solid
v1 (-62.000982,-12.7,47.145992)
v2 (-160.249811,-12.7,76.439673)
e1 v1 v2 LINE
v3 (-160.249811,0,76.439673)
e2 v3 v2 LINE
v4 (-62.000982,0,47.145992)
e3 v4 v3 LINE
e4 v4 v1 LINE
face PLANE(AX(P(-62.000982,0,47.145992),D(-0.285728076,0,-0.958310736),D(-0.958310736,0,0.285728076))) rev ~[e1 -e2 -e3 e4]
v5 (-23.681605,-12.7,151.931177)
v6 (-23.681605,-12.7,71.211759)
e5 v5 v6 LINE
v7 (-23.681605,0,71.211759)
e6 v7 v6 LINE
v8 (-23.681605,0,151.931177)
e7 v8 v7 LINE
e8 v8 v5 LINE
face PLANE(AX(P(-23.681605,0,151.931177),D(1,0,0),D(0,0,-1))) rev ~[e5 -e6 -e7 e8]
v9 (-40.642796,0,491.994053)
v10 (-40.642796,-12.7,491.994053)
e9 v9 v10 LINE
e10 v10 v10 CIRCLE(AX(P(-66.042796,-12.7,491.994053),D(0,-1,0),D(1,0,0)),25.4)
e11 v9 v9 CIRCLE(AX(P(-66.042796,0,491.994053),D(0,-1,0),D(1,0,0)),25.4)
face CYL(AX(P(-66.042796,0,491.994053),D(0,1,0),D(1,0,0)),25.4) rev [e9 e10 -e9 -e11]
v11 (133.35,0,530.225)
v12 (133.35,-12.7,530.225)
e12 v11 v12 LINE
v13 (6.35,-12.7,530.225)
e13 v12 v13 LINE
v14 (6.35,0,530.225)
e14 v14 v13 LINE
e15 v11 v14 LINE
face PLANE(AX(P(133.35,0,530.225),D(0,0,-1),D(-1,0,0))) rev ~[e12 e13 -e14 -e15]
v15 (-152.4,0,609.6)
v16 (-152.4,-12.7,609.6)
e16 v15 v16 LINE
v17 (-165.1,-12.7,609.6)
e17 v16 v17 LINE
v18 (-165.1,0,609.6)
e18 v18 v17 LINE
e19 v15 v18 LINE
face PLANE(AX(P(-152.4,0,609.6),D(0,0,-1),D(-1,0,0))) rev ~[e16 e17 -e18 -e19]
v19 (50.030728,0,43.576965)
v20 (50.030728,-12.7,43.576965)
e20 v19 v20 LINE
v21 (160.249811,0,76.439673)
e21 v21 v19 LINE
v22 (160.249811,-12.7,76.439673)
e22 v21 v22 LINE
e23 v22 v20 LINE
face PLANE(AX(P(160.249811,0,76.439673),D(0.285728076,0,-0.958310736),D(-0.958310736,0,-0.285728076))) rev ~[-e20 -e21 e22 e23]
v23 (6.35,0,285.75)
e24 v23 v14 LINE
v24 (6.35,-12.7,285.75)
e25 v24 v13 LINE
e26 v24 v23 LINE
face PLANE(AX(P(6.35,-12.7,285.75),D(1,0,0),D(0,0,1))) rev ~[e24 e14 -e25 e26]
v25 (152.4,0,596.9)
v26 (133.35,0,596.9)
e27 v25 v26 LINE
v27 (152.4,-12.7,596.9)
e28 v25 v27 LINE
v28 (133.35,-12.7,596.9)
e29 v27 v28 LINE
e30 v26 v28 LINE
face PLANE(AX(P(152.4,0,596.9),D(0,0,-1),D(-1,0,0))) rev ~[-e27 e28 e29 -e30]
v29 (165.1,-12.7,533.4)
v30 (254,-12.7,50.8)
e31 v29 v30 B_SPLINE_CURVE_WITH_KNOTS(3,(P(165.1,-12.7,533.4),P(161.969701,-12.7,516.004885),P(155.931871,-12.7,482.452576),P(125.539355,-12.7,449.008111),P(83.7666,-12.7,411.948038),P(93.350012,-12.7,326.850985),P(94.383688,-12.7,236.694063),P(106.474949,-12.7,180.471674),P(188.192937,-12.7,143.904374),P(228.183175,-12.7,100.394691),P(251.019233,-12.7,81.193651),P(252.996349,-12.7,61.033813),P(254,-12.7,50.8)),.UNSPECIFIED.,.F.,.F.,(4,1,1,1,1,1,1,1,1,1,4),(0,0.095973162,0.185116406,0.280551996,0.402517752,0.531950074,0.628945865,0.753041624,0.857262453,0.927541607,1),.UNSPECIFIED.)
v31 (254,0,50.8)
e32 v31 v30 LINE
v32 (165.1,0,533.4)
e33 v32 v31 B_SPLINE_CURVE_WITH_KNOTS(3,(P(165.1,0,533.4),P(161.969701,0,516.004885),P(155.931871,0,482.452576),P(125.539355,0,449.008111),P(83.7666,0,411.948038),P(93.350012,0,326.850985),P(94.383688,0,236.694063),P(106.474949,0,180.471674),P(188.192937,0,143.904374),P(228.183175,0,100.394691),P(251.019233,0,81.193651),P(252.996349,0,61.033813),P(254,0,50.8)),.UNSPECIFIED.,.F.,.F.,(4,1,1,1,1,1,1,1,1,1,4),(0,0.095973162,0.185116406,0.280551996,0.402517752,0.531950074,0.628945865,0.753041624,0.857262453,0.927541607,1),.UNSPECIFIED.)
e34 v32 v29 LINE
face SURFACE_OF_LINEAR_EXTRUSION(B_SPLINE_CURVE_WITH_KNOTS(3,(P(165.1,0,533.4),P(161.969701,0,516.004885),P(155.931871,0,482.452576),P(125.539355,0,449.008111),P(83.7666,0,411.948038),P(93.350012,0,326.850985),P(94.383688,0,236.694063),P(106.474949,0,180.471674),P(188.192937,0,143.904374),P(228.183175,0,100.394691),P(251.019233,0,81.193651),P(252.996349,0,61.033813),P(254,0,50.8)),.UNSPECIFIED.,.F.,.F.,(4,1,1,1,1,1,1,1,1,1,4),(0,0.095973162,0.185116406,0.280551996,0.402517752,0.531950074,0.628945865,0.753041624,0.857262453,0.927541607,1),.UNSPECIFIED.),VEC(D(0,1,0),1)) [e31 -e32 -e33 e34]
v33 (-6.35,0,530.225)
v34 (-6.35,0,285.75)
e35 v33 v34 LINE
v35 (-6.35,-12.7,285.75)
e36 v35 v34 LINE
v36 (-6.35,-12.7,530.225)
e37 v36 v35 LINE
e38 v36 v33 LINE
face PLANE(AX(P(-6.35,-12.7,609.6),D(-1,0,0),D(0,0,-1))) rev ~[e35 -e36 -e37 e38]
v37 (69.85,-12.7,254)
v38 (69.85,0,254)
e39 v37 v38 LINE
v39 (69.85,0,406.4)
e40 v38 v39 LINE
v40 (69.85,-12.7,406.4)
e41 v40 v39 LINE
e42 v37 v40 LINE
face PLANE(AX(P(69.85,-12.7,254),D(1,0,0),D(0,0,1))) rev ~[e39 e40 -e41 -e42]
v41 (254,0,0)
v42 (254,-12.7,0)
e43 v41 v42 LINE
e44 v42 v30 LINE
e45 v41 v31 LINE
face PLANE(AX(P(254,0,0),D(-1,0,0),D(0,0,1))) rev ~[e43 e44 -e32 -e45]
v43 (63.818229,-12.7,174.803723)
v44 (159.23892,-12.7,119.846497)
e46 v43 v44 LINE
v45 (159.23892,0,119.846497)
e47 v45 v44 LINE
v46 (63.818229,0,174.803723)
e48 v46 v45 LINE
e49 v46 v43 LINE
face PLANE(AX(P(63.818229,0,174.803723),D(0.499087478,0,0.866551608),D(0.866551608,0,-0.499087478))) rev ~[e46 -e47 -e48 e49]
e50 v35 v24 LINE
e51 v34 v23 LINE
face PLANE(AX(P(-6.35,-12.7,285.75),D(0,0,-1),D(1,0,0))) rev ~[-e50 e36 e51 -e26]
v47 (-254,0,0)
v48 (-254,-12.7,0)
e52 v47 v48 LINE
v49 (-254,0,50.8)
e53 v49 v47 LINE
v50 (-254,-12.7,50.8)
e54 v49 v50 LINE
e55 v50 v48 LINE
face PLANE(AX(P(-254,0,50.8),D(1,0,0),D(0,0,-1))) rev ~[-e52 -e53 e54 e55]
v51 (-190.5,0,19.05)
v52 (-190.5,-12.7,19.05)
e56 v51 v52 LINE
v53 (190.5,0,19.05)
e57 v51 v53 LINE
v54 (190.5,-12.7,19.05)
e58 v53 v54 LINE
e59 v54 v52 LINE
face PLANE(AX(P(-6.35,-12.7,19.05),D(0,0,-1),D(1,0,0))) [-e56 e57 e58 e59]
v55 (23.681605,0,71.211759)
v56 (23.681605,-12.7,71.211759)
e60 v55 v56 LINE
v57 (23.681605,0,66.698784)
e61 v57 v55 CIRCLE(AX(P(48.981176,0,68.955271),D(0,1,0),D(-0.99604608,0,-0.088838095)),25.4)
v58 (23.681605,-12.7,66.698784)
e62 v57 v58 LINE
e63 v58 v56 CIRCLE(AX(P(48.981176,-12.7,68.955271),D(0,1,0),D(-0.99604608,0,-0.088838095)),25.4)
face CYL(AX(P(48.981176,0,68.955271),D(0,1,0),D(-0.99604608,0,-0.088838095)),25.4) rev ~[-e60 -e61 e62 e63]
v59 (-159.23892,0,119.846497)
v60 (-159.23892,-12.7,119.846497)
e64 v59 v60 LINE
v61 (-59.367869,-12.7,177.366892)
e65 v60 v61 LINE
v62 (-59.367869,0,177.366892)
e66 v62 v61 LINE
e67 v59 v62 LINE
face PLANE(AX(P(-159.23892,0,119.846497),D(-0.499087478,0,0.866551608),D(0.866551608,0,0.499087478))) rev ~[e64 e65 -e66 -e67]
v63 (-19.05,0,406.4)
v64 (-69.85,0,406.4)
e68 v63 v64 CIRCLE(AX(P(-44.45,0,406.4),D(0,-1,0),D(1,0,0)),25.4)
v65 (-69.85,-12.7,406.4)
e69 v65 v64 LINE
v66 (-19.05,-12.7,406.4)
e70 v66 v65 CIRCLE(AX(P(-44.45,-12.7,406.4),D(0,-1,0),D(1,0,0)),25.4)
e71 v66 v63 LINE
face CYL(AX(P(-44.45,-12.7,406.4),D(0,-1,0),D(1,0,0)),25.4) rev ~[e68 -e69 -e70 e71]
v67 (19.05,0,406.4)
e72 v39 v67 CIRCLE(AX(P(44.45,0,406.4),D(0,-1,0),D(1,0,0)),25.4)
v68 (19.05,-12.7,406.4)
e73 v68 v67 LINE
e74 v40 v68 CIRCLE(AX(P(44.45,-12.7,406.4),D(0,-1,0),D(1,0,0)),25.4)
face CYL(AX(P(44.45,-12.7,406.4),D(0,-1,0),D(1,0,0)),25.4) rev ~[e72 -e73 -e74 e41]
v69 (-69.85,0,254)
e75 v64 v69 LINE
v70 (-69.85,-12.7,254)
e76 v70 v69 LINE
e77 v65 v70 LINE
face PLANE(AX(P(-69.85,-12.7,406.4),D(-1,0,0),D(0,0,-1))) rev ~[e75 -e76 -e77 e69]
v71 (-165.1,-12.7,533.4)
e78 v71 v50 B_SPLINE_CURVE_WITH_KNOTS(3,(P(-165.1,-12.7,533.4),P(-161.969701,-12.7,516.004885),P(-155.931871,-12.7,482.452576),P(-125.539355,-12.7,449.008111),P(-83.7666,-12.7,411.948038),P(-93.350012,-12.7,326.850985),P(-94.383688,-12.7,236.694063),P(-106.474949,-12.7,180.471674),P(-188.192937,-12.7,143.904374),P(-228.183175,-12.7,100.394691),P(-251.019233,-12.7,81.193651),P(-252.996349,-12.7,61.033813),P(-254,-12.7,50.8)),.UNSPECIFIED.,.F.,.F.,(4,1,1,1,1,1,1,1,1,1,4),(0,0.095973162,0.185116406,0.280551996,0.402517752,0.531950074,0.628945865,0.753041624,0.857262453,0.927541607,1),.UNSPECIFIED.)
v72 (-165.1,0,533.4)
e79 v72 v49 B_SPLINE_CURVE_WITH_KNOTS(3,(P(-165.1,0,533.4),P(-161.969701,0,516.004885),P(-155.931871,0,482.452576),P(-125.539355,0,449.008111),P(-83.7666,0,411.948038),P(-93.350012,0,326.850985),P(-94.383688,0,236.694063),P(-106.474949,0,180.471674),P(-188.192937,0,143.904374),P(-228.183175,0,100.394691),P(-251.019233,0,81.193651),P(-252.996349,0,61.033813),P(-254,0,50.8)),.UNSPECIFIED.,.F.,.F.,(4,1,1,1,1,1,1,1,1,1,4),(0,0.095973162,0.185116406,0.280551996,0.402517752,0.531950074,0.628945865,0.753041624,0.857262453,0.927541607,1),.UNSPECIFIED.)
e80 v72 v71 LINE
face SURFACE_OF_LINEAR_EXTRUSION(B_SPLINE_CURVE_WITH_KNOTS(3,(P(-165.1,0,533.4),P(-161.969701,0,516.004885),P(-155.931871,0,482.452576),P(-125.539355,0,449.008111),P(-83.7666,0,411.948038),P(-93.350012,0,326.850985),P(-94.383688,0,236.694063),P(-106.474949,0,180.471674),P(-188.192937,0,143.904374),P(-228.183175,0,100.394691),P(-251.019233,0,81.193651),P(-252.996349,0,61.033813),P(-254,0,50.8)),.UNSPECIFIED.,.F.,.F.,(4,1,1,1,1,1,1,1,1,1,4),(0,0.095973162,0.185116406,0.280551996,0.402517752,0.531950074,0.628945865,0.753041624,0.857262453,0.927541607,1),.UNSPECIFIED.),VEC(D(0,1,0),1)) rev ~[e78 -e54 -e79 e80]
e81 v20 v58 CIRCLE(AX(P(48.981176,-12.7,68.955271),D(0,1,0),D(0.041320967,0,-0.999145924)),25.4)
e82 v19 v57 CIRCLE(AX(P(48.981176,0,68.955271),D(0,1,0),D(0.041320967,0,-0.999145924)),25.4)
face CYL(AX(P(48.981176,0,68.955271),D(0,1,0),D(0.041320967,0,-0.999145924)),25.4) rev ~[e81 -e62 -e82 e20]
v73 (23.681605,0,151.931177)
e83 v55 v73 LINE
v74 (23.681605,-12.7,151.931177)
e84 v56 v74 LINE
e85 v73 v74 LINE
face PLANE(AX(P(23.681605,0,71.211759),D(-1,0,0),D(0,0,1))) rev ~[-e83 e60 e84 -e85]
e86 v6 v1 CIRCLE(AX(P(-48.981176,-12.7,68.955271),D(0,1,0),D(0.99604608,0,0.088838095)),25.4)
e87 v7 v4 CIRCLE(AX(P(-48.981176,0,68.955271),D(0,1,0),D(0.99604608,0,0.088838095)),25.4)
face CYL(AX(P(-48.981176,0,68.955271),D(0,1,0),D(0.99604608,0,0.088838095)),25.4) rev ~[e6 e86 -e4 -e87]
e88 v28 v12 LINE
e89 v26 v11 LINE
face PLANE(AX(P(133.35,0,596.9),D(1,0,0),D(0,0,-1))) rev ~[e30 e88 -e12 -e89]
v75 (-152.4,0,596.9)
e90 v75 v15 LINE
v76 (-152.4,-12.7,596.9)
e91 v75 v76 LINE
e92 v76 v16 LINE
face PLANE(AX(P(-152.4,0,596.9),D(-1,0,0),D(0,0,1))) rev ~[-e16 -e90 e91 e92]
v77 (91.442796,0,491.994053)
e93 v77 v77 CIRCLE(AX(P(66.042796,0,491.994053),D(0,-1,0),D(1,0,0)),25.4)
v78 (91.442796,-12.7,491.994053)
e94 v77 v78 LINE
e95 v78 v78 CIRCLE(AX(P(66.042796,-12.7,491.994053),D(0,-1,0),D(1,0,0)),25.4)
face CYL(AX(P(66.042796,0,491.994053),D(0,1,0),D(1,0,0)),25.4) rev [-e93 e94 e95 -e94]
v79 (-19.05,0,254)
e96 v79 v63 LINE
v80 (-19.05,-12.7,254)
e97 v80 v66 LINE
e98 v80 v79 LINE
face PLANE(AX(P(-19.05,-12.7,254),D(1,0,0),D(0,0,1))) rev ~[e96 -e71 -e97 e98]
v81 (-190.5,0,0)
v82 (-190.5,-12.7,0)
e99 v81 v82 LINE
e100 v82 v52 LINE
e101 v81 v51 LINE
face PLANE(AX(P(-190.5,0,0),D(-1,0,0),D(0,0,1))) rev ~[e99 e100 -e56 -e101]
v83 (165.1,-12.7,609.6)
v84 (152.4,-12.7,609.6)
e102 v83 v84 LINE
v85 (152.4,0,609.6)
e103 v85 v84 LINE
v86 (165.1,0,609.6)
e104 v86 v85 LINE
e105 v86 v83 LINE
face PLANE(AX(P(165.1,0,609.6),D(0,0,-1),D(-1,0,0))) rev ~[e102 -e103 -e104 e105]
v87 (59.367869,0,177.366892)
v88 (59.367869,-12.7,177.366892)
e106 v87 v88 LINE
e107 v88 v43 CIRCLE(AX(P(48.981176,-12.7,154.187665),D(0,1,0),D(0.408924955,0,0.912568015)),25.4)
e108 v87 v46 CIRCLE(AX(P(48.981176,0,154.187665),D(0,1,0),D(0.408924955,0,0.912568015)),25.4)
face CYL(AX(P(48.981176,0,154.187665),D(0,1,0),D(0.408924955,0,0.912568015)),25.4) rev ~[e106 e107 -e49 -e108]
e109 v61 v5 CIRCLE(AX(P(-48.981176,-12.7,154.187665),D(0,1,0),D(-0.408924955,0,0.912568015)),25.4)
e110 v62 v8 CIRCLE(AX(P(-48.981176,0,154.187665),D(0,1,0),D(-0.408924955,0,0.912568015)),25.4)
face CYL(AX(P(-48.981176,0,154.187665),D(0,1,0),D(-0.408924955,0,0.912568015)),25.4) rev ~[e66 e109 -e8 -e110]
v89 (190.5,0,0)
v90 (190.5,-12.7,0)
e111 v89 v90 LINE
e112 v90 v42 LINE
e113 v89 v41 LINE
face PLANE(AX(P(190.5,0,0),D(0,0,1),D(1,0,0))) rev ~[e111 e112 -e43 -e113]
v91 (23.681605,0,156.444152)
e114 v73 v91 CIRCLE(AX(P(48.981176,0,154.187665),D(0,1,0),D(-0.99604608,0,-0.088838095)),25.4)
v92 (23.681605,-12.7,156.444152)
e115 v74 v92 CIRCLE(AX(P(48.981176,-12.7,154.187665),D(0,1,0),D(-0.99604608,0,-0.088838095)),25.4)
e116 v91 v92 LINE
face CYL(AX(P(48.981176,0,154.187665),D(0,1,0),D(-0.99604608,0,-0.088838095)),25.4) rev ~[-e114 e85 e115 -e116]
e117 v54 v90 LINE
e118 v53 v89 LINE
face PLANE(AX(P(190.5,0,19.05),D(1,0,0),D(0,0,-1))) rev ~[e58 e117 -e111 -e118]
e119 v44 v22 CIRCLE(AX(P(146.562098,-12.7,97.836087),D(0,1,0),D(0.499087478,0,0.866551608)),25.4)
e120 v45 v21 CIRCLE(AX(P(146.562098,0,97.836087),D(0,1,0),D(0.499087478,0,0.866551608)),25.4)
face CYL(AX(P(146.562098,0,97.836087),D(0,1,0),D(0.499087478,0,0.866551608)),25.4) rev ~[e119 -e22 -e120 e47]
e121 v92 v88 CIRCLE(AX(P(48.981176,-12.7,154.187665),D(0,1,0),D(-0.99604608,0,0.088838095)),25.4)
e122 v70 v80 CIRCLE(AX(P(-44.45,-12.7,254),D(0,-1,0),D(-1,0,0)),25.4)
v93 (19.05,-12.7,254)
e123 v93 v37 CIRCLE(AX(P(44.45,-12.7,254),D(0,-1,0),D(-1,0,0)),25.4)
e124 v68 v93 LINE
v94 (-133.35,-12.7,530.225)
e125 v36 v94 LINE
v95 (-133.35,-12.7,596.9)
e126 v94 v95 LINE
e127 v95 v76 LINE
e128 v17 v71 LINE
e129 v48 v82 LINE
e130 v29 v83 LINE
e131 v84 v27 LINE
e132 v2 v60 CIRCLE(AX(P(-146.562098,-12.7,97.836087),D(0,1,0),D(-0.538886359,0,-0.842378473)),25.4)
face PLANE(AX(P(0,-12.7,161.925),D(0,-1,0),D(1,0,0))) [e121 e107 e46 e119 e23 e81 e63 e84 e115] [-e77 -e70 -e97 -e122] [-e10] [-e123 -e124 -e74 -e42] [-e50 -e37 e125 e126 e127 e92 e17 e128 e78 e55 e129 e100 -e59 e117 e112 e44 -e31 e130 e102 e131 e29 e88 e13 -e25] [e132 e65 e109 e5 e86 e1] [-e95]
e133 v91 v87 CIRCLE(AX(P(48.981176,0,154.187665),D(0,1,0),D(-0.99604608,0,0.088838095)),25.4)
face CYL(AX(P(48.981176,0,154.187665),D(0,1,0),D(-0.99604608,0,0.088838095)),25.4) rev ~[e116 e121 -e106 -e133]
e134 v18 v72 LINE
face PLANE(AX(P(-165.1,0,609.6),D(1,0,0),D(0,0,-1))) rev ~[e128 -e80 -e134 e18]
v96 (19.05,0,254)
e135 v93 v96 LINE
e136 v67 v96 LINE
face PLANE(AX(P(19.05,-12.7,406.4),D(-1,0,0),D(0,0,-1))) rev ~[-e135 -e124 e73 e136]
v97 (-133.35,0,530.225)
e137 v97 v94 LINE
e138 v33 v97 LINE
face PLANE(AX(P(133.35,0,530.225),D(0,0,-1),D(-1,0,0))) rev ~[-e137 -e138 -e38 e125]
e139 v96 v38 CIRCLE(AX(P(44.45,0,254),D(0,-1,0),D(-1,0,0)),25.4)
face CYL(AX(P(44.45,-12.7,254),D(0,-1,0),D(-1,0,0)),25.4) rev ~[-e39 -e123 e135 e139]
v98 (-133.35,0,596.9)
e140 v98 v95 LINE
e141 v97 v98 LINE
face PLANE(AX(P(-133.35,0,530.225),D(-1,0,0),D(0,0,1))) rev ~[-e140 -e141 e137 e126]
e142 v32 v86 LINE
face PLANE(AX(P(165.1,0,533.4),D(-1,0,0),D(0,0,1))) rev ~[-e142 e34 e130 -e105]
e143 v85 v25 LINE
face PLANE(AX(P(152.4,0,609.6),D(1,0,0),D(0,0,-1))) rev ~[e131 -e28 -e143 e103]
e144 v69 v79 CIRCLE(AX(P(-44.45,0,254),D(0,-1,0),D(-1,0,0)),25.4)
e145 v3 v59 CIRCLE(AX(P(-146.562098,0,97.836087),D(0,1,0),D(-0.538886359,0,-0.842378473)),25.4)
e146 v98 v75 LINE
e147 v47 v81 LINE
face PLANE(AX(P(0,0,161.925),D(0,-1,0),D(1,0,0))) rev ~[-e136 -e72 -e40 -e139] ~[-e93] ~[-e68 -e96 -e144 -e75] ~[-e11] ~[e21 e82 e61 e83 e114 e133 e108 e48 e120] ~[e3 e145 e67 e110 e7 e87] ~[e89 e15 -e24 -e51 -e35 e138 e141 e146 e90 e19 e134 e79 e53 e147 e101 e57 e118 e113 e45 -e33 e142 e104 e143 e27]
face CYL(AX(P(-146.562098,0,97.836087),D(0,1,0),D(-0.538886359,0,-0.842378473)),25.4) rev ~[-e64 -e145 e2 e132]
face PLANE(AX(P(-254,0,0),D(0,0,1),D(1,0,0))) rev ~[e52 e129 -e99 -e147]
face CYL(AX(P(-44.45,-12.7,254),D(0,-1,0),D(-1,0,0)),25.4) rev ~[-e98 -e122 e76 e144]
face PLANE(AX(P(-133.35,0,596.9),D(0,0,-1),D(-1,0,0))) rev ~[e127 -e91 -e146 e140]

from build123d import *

# Parameters (mm, degrees)
F0_R     = 25.4
F1_DEPTH = 12.7
F2_W     = 12.7
F2_H     = 285.75
F3_DEPTH = 12.7
F5_DEPTH = 25.4
F7_DEPTH = 25.4


with BuildPart() as f1:
    # F0 (on Front) → F1 (new body)
    with BuildSketch(Plane.XZ):
        with BuildLine():
            Line((-6.35, 304.8), (0, 304.8))
            Line((0, 304.8), (0, 530.225))
            Line((0, 530.225), (-133.35, 530.225))
            Line((-133.35, 530.225), (-133.35, 596.9))
            Line((-133.35, 596.9), (-152.4, 596.9))
            Line((-152.4, 596.9), (-152.4, 609.6))
            Line((-152.4, 609.6), (-165.1, 609.6))
            Line((-165.1, 609.6), (-165.1, 533.4))
            add(Edge.make_bspline(
                [(-165.1, 533.4), (-161.9697013836, 516.0048850618), (-155.9318714731, 482.4525764355), (-125.5393550755, 449.0081112221), (-83.7666001834, 411.9480381505), (-93.3500119565, 326.8509854997), (-94.3836877464, 236.6940625404), (-106.4749493008, 180.4716743188), (-188.1929374524, 143.9043740357), (-228.1831750573, 100.3946907978), (-251.0192334088, 81.1936508198), (-252.9963492936, 61.0338134106), (-254, 50.8)],
                knots=[0, 0, 0, 0, 0.0959731621, 0.1851164057, 0.2805519957, 0.4025177519, 0.5319500735, 0.6289458648, 0.7530416243, 0.8572624534, 0.9275416072, 1, 1, 1, 1], degree=3))
            Line((-254, 50.8), (-254, 0))
            Line((-254, 0), (-190.5, 0))
            Line((-190.5, 0), (-190.5, 19.05))
            Line((-190.5, 19.05), (-6.35, 19.05))
            Line((-6.35, 19.05), (-6.35, 304.8))
        make_face()
        with BuildLine():
            Line((-62.0009822206, 47.1459924547), (-160.2498111723, 76.4396733512))
            ThreePointArc((-160.2498111723, 76.4396733512), (-171.9552123835, 98.4274609924), (-159.2389195946, 119.8464973987))
            Line((-159.2389195946, 119.8464973987), (-59.3678694771, 177.3668921793))
            ThreePointArc((-59.3678694771, 177.3668921793), (-34.2386394195, 174.8714173249), (-23.6816051959, 151.9311769942))
            Line((-23.6816051959, 151.9311769942), (-23.6816051959, 71.2117587397))
            ThreePointArc((-23.6816051959, 71.2117587397), (-35.4723478909, 47.4454693261), (-62.0009822206, 47.1459924547))
        make_face(mode=Mode.SUBTRACT)
        with Locations((-66.0427957773, 491.9940531254)):
            Circle(F0_R, mode=Mode.SUBTRACT)
        with BuildLine():
            Line((0, 530.225), (0, 304.8))
            Line((0, 304.8), (6.35, 304.8))
            Line((6.35, 304.8), (6.35, 19.05))
            Line((6.35, 19.05), (190.5, 19.05))
            Line((190.5, 19.05), (190.5, 0))
            Line((190.5, 0), (254, 0))
            Line((254, 0), (254, 50.8))
            add(Edge.make_bspline(
                [(165.1, 533.4), (161.9697013836, 516.0048850618), (155.9318714731, 482.4525764355), (125.5393550755, 449.0081112221), (83.7666001834, 411.9480381505), (93.3500119565, 326.8509854997), (94.3836877464, 236.6940625404), (106.4749493008, 180.4716743188), (188.1929374524, 143.9043740357), (228.1831750573, 100.3946907978), (251.0192334088, 81.1936508198), (252.9963492936, 61.0338134106), (254, 50.8)],
                knots=[0, 0, 0, 0, 0.0959731621, 0.1851164057, 0.2805519957, 0.4025177519, 0.5319500735, 0.6289458648, 0.7530416243, 0.8572624534, 0.9275416072, 1, 1, 1, 1], degree=3))
            Line((165.1, 533.4), (165.1, 609.6))
            Line((165.1, 609.6), (152.4, 609.6))
            Line((152.4, 609.6), (152.4, 596.9))
            Line((152.4, 596.9), (133.35, 596.9))
            Line((133.35, 596.9), (133.35, 530.225))
            Line((133.35, 530.225), (0, 530.225))
        make_face()
        with BuildLine():
            ThreePointArc((59.3678694771, 177.3668921793), (61.6579975727, 176.198075446), (63.8182289317, 174.8037226477))
            Line((63.8182289317, 174.8037226477), (159.2389195946, 119.8464973987))
            ThreePointArc((159.2389195946, 119.8464973987), (171.9552123835, 98.4274609924), (160.2498111723, 76.4396733512))
            Line((160.2498111723, 76.4396733512), (50.0307281778, 43.5769646513))
            ThreePointArc((50.0307281778, 43.5769646513), (32.2279529913, 49.8636621936), (23.6816051959, 66.6987835085))
            ThreePointArc((23.6816051959, 66.6987835085), (23.5811756199, 68.9552711241), (23.6816051959, 71.2117587397))
            Line((23.6816051959, 71.2117587397), (23.6816051959, 151.9311769942))
            ThreePointArc((23.6816051959, 151.9311769942), (23.5811756199, 154.1876646098), (23.6816051959, 156.4441522254))
            ThreePointArc((23.6816051959, 156.4441522254), (36.1344354237, 176.0993342479), (59.3678694771, 177.3668921793))
        make_face(mode=Mode.SUBTRACT)
        with Locations((66.0427957773, 491.9940531254)):
            Circle(F0_R, mode=Mode.SUBTRACT)
    extrude(amount=F1_DEPTH)

    # F2 (on face) → F3 (join)
    with BuildSketch(Plane.XZ.offset(12.7)):
        with Locations((0, 161.925)):
            Rectangle(F2_W, F2_H)
    extrude(amount=-F3_DEPTH)

    # F4 (on face) → F5 (cut)
    with BuildSketch(Plane.XZ.offset(12.7)):
        Polygon((6.35, 609.6), (0, 609.6), (-6.35, 609.6), (-6.35, 285.75), (6.35, 285.75), align=None)
    extrude(amount=-F5_DEPTH, mode=Mode.SUBTRACT)

    # F6 (on face) → F7 (cut)
    with BuildSketch(Plane.XZ.offset(12.7)):
        with BuildLine():
            Line((-19.05, 254), (-19.05, 406.4))
            ThreePointArc((-19.05, 406.4), (-44.45, 431.8), (-69.85, 406.4))
            Line((-69.85, 406.4), (-69.85, 254))
            ThreePointArc((-69.85, 254), (-44.45, 228.6), (-19.05, 254))
        make_face()
        with BuildLine():
            Line((69.85, 254), (69.85, 406.4))
            ThreePointArc((69.85, 406.4), (44.45, 431.8), (19.05, 406.4))
            Line((19.05, 406.4), (19.05, 254))
            ThreePointArc((19.05, 254), (44.45, 228.6), (69.85, 254))
        make_face()
    extrude(amount=-F7_DEPTH, mode=Mode.SUBTRACT)


solid = f1.part
